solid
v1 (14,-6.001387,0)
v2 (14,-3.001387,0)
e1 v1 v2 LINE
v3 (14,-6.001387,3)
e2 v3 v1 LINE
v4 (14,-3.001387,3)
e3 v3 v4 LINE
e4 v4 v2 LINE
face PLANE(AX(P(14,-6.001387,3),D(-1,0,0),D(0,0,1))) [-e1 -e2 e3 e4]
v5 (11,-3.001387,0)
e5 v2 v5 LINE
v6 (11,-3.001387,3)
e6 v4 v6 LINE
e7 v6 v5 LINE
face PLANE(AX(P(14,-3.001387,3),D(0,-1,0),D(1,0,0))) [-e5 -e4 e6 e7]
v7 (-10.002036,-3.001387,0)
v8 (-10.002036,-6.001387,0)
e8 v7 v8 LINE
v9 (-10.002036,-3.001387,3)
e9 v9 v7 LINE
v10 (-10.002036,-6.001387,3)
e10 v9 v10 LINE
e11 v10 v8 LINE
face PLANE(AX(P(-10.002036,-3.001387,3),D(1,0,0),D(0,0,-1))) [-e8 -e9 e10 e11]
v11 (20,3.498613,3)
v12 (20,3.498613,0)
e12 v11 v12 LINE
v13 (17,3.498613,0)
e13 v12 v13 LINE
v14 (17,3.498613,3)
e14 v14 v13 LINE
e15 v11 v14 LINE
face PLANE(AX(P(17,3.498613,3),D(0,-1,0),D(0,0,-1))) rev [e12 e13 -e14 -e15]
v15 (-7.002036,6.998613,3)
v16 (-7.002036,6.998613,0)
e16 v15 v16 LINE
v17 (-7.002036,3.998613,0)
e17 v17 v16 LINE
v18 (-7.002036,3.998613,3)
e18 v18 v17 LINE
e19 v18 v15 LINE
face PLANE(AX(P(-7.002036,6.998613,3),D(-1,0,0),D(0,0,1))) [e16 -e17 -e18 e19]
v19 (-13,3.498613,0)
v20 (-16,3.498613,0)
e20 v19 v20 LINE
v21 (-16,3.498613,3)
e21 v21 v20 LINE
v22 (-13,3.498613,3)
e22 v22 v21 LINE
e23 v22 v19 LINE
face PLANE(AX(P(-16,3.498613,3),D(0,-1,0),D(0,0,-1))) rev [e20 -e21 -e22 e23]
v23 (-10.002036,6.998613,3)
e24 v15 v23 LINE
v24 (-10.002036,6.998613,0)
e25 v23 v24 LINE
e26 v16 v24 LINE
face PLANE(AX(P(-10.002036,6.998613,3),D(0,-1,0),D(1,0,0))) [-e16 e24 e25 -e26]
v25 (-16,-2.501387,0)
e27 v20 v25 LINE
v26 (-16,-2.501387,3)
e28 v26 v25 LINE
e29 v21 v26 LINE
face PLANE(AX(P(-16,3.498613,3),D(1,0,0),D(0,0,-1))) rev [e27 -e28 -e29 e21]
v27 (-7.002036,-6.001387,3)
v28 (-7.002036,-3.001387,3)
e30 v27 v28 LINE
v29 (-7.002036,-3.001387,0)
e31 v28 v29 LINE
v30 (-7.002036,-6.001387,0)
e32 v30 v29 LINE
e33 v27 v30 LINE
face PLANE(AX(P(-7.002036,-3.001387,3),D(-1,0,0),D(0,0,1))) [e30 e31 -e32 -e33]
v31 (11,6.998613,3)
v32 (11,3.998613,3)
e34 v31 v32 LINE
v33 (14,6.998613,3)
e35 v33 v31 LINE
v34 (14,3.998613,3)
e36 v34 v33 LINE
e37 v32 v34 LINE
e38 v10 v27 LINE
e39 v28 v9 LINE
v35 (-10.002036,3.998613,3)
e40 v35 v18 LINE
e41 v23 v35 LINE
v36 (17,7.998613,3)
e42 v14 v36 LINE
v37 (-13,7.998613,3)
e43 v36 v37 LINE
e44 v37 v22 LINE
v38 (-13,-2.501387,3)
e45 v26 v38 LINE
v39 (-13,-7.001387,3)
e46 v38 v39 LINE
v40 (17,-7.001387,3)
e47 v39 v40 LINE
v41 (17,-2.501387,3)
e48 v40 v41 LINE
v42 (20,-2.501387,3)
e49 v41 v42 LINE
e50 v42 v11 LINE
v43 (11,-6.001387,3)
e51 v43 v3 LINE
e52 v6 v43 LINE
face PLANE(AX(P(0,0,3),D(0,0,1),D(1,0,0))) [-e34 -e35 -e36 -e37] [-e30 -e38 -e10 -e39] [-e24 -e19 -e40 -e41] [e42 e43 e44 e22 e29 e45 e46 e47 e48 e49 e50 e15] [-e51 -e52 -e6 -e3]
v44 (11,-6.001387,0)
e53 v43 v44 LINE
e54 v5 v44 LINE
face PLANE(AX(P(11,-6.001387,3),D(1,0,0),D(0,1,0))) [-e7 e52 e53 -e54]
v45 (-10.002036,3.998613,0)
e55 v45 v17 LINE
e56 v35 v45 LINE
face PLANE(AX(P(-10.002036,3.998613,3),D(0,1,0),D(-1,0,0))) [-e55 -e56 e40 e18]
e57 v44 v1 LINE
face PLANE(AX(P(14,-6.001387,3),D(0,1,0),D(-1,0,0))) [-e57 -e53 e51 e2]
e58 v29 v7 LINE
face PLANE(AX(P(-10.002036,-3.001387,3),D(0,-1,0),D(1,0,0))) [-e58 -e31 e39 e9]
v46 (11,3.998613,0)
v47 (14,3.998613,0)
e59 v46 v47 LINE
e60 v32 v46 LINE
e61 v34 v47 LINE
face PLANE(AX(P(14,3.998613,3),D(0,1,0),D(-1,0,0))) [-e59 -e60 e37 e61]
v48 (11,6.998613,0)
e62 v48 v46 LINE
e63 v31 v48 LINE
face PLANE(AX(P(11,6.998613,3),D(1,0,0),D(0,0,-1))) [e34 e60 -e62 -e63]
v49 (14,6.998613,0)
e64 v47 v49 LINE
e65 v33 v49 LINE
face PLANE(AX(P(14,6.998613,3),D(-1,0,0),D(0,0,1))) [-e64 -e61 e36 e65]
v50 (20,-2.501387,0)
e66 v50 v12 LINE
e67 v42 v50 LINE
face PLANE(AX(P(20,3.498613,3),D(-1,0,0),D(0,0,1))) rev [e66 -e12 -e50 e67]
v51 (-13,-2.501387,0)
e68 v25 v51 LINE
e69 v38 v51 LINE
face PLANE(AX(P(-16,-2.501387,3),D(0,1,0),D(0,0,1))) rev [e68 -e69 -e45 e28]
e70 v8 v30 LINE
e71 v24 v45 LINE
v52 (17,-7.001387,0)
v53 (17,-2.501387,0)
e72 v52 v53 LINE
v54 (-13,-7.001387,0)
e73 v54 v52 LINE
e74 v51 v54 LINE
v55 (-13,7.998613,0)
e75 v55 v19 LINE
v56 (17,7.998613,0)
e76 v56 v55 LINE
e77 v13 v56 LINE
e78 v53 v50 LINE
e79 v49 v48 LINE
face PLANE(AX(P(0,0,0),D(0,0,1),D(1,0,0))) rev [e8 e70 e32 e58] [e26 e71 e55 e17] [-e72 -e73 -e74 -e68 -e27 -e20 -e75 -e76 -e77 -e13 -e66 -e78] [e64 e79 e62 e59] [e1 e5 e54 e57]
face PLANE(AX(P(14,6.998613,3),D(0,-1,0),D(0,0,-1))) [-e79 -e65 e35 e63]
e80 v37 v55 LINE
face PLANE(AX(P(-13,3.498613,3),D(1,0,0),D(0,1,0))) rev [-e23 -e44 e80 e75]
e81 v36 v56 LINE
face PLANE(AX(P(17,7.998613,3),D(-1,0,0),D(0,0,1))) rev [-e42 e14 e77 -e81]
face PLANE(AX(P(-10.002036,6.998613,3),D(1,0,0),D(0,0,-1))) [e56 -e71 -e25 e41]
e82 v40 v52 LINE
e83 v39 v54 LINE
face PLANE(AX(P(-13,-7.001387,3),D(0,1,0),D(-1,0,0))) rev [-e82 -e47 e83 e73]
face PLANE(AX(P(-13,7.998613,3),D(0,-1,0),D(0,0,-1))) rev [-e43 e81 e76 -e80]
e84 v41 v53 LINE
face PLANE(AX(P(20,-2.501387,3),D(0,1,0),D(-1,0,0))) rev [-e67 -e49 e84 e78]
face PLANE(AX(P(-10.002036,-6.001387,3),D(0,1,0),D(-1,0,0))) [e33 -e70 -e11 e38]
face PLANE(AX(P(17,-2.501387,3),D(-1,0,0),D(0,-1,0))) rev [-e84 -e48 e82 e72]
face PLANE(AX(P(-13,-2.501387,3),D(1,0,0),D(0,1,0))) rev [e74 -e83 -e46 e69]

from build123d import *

# Parameters (mm, degrees)
SKETCH1_W           = 3
SKETCH1_H           = 3
BOSS_EXTRUDE1_DEPTH = 3


with BuildPart() as part:
    # Sketch1 → Boss-Extrude1 (new body)
    with BuildSketch(Plane.XY):
        Polygon((-16, 3.49861258), (-13, 3.49861258), (-13, 7.99861258), (17, 7.99861258), (17, 3.49861258), (20, 3.49861258), (20, -2.50138742), (17, -2.50138742), (17, -7.00138742), (-13, -7.00138742), (-13, -2.50138742), (-16, -2.50138742), align=None)
        with Locations((-8.502036486, 5.49861258)):
            Rectangle(SKETCH1_W, SKETCH1_H, mode=Mode.SUBTRACT)
        with Locations((-8.502036486, -4.50138742)):
            Rectangle(SKETCH1_W, SKETCH1_H, mode=Mode.SUBTRACT)
        with Locations((12.5, 5.49861258)):
            Rectangle(SKETCH1_W, SKETCH1_H, mode=Mode.SUBTRACT)
        with Locations((12.5, -4.50138742)):
            Rectangle(SKETCH1_W, SKETCH1_H, mode=Mode.SUBTRACT)
    extrude(amount=BOSS_EXTRUDE1_DEPTH)


solid = part.part
